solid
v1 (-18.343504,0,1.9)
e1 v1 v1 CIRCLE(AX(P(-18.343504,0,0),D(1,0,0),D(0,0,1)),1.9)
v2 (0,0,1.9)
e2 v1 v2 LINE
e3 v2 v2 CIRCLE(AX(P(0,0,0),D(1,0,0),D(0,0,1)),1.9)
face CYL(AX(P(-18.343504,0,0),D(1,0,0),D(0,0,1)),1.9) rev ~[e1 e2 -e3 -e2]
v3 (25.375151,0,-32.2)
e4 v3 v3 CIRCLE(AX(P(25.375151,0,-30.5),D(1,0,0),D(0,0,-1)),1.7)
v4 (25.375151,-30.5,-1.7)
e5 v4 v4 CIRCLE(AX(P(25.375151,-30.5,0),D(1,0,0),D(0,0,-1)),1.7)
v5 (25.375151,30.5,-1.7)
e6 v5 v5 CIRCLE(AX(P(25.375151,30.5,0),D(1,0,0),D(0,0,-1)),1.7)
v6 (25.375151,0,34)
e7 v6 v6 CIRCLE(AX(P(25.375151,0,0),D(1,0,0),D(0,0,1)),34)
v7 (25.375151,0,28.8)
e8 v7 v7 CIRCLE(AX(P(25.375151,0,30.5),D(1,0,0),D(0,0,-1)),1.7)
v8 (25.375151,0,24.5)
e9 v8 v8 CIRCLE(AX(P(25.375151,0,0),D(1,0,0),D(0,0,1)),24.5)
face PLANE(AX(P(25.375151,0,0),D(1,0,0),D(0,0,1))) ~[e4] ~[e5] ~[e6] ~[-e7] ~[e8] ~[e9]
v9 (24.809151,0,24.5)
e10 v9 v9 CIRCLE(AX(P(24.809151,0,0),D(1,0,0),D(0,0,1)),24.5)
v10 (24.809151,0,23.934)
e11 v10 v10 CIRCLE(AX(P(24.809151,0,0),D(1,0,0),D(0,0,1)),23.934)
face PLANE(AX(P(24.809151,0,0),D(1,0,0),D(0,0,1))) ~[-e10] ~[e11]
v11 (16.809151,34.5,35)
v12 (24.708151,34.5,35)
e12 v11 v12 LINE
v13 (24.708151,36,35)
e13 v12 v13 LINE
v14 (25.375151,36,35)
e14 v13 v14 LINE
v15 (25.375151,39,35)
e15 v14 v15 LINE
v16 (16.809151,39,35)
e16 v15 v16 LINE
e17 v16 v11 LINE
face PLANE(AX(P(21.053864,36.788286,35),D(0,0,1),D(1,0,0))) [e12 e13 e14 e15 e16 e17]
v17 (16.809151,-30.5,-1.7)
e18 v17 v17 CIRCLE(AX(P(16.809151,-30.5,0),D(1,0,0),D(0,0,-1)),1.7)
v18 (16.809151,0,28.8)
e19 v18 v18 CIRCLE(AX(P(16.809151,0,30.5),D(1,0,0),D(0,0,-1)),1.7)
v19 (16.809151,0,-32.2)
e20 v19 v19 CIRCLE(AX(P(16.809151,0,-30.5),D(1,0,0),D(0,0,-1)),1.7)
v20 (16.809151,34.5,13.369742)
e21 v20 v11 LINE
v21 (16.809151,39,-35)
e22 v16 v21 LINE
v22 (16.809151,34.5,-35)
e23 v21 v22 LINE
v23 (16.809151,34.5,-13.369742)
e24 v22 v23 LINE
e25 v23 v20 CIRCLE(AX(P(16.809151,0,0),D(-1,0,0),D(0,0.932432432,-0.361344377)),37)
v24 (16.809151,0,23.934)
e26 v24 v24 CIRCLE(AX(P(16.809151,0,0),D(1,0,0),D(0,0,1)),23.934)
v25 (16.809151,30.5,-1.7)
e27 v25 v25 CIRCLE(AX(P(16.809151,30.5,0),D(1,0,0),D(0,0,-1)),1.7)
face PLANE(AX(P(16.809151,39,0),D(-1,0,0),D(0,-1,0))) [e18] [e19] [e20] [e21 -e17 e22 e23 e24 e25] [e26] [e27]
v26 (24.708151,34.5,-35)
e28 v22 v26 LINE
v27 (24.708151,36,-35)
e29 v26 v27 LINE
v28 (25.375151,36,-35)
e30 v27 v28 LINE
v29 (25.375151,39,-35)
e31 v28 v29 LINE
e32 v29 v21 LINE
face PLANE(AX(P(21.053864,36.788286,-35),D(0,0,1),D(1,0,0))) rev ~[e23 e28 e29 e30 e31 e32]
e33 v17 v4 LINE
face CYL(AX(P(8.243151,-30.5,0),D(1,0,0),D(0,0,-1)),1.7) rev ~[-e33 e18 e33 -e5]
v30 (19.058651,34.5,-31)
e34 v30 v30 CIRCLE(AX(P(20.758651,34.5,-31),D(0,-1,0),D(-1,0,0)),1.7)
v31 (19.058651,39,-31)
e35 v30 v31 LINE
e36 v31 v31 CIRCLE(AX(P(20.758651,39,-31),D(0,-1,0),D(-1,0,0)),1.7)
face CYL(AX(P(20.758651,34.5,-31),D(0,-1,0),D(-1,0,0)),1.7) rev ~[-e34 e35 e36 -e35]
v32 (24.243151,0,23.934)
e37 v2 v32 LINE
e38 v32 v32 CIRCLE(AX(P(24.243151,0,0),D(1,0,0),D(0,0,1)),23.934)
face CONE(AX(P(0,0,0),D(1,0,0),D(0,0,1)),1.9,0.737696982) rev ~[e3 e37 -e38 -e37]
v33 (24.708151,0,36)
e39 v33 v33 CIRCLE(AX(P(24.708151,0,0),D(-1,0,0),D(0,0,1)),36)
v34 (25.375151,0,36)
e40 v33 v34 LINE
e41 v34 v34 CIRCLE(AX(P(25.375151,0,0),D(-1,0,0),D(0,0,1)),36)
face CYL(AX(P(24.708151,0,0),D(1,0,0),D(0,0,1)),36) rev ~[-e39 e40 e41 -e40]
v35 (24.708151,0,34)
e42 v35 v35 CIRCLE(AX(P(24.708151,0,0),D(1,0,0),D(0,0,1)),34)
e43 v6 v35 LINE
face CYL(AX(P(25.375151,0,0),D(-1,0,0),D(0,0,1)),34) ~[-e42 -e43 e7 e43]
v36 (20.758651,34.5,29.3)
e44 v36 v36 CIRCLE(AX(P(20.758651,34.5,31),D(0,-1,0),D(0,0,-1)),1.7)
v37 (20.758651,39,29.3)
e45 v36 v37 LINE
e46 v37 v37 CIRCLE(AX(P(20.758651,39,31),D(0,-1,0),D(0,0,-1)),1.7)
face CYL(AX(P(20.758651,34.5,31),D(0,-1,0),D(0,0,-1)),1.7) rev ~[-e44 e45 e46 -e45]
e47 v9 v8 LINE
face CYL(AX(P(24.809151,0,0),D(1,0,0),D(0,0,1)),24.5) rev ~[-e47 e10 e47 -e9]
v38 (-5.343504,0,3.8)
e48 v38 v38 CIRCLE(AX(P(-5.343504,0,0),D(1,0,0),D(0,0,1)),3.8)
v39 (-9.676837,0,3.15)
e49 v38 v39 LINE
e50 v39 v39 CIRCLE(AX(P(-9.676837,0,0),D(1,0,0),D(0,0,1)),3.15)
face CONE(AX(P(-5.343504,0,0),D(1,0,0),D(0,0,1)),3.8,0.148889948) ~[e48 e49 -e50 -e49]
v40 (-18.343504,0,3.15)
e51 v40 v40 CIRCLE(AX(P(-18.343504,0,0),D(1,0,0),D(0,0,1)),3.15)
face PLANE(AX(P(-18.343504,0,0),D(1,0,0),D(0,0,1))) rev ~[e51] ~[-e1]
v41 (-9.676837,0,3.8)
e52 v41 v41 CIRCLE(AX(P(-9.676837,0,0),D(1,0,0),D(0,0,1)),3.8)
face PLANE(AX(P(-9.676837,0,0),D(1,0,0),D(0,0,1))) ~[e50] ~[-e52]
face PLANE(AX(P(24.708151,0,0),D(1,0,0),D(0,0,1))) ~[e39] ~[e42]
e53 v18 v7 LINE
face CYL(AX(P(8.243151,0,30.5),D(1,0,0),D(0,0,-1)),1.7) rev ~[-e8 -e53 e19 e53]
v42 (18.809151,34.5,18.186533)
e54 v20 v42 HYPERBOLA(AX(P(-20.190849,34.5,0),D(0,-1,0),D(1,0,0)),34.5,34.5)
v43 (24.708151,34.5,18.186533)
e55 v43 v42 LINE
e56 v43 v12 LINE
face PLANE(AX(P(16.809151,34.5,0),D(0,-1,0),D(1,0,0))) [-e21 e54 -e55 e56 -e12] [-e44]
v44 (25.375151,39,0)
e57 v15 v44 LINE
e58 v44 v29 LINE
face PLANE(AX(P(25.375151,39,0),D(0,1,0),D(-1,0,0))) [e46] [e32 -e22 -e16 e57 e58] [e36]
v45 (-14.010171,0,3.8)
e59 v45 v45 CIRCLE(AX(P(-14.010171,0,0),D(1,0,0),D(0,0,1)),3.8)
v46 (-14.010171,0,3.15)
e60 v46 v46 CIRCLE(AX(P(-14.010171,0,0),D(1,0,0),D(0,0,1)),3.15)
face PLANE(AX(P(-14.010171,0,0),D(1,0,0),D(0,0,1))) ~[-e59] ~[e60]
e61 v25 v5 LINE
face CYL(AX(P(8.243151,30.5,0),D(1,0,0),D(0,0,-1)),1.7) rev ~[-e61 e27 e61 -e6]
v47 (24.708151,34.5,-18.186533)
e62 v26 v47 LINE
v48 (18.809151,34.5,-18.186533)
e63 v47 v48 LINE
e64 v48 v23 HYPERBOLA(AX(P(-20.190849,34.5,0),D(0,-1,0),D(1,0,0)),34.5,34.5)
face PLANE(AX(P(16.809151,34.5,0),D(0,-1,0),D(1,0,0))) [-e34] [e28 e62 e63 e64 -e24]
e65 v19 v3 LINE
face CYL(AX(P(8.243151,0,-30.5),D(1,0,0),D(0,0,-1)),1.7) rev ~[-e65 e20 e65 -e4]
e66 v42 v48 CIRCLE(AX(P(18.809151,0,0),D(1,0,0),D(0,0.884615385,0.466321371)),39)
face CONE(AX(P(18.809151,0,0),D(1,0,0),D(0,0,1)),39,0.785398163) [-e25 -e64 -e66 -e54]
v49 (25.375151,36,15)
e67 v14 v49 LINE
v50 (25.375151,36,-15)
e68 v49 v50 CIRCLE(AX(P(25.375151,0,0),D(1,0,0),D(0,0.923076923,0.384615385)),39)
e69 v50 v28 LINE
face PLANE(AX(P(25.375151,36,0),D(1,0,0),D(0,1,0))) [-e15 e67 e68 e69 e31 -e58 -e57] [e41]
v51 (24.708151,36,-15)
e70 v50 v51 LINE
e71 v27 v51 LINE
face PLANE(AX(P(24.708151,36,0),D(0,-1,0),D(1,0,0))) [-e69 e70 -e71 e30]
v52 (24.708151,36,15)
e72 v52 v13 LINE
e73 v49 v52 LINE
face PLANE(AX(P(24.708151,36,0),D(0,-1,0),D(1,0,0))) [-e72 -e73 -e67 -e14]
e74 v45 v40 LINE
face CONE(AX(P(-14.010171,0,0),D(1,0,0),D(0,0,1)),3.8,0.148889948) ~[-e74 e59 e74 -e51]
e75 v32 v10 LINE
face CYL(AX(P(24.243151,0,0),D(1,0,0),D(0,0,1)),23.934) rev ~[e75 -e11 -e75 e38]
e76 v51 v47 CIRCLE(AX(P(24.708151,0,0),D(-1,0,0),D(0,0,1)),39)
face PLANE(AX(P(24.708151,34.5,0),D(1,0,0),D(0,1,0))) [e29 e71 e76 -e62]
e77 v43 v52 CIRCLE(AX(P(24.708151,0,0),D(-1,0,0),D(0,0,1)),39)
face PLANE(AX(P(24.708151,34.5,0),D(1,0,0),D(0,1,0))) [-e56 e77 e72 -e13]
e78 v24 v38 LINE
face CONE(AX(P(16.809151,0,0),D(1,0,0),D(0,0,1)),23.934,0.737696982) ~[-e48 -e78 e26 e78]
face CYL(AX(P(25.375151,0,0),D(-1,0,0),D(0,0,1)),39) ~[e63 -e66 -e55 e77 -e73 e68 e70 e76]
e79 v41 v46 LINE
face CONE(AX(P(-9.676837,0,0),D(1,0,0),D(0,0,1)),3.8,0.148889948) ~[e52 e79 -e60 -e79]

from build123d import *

# Parameters (mm, degrees)
M3_CLEARANCE_HOLE1_D     = 3.4
M3_CLEARANCE_HOLE1_DEPTH = 8.566
M3_CLEARANCE_HOLE1_TIP   = 1.021463052
CHAMFER1_SIZE            = 2
BOSS_EXTRUDE1_DEPTH      = 35
SKETCH9_R                = 1.7
CUT_EXTRUDE1_DEPTH       = 10


with BuildPart() as part:
    # Sketch1 → Revolve17 (revolve)
    with BuildSketch(Plane.XY):
        Polygon((-14.010170791, 3.15), (-14.010170791, 3.8), (-18.343504124, 3.15), (-18.343504124, 1.9), (0, 1.9), (24.243150592, 23.934), (24.809150592, 23.934), (24.809150592, 24.5), (25.375150592, 24.5), (25.375150592, 34), (24.708150592, 34), (24.708150592, 36), (25.375150592, 36), (25.375150592, 39), (16.809150592, 39), (16.809150592, 23.934), (-5.343504124, 3.8), (-9.676837458, 3.15), (-9.676837458, 3.8), align=None)
    revolve(axis=Axis((-801.927103621, 0, 0), (1, 0, 0)))

    # M3 Clearance Hole1
    with Locations(Plane.ZY.offset(-16.809150592)):
        with Locations((0, -30.5), (0, 30.5), (30.5, 0), (-30.5, 0)):
            Hole(M3_CLEARANCE_HOLE1_D / 2, depth=M3_CLEARANCE_HOLE1_DEPTH)
            with Locations((0, 0, -(M3_CLEARANCE_HOLE1_DEPTH + M3_CLEARANCE_HOLE1_TIP / 2))):  # 118° drill point
                Cone(0, M3_CLEARANCE_HOLE1_D / 2, M3_CLEARANCE_HOLE1_TIP, mode=Mode.SUBTRACT)

    # Chamfer1
    chamfer1_edges = [part.edges().sort_by_distance(p)[0] for p in [
        (16.809150592, -39, 0),
    ]]
    chamfer(chamfer1_edges, length=CHAMFER1_SIZE)

    # Sketch1<11> → Boss-Extrude1 (add, symmetric)
    with BuildSketch(Plane.XY):
        Polygon((16.809150592, 39), (16.809150592, 34.5), (24.708150592, 34.5), (24.708150592, 36), (25.375150592, 36), (25.375150592, 39), align=None)
    extrude(amount=BOSS_EXTRUDE1_DEPTH, both=True)

    # Sketch9 → Cut-Extrude1 (cut)
    with BuildSketch(Plane(origin=(0, 34.5, 0), x_dir=(-1, 0, 0), z_dir=(0, -1, 0))):
        with Locations((-20.758650592, -31)):
            Circle(SKETCH9_R)
        with Locations((-20.758650592, 31)):
            Circle(SKETCH9_R)
    extrude(amount=-CUT_EXTRUDE1_DEPTH, mode=Mode.SUBTRACT)


solid = part.part
